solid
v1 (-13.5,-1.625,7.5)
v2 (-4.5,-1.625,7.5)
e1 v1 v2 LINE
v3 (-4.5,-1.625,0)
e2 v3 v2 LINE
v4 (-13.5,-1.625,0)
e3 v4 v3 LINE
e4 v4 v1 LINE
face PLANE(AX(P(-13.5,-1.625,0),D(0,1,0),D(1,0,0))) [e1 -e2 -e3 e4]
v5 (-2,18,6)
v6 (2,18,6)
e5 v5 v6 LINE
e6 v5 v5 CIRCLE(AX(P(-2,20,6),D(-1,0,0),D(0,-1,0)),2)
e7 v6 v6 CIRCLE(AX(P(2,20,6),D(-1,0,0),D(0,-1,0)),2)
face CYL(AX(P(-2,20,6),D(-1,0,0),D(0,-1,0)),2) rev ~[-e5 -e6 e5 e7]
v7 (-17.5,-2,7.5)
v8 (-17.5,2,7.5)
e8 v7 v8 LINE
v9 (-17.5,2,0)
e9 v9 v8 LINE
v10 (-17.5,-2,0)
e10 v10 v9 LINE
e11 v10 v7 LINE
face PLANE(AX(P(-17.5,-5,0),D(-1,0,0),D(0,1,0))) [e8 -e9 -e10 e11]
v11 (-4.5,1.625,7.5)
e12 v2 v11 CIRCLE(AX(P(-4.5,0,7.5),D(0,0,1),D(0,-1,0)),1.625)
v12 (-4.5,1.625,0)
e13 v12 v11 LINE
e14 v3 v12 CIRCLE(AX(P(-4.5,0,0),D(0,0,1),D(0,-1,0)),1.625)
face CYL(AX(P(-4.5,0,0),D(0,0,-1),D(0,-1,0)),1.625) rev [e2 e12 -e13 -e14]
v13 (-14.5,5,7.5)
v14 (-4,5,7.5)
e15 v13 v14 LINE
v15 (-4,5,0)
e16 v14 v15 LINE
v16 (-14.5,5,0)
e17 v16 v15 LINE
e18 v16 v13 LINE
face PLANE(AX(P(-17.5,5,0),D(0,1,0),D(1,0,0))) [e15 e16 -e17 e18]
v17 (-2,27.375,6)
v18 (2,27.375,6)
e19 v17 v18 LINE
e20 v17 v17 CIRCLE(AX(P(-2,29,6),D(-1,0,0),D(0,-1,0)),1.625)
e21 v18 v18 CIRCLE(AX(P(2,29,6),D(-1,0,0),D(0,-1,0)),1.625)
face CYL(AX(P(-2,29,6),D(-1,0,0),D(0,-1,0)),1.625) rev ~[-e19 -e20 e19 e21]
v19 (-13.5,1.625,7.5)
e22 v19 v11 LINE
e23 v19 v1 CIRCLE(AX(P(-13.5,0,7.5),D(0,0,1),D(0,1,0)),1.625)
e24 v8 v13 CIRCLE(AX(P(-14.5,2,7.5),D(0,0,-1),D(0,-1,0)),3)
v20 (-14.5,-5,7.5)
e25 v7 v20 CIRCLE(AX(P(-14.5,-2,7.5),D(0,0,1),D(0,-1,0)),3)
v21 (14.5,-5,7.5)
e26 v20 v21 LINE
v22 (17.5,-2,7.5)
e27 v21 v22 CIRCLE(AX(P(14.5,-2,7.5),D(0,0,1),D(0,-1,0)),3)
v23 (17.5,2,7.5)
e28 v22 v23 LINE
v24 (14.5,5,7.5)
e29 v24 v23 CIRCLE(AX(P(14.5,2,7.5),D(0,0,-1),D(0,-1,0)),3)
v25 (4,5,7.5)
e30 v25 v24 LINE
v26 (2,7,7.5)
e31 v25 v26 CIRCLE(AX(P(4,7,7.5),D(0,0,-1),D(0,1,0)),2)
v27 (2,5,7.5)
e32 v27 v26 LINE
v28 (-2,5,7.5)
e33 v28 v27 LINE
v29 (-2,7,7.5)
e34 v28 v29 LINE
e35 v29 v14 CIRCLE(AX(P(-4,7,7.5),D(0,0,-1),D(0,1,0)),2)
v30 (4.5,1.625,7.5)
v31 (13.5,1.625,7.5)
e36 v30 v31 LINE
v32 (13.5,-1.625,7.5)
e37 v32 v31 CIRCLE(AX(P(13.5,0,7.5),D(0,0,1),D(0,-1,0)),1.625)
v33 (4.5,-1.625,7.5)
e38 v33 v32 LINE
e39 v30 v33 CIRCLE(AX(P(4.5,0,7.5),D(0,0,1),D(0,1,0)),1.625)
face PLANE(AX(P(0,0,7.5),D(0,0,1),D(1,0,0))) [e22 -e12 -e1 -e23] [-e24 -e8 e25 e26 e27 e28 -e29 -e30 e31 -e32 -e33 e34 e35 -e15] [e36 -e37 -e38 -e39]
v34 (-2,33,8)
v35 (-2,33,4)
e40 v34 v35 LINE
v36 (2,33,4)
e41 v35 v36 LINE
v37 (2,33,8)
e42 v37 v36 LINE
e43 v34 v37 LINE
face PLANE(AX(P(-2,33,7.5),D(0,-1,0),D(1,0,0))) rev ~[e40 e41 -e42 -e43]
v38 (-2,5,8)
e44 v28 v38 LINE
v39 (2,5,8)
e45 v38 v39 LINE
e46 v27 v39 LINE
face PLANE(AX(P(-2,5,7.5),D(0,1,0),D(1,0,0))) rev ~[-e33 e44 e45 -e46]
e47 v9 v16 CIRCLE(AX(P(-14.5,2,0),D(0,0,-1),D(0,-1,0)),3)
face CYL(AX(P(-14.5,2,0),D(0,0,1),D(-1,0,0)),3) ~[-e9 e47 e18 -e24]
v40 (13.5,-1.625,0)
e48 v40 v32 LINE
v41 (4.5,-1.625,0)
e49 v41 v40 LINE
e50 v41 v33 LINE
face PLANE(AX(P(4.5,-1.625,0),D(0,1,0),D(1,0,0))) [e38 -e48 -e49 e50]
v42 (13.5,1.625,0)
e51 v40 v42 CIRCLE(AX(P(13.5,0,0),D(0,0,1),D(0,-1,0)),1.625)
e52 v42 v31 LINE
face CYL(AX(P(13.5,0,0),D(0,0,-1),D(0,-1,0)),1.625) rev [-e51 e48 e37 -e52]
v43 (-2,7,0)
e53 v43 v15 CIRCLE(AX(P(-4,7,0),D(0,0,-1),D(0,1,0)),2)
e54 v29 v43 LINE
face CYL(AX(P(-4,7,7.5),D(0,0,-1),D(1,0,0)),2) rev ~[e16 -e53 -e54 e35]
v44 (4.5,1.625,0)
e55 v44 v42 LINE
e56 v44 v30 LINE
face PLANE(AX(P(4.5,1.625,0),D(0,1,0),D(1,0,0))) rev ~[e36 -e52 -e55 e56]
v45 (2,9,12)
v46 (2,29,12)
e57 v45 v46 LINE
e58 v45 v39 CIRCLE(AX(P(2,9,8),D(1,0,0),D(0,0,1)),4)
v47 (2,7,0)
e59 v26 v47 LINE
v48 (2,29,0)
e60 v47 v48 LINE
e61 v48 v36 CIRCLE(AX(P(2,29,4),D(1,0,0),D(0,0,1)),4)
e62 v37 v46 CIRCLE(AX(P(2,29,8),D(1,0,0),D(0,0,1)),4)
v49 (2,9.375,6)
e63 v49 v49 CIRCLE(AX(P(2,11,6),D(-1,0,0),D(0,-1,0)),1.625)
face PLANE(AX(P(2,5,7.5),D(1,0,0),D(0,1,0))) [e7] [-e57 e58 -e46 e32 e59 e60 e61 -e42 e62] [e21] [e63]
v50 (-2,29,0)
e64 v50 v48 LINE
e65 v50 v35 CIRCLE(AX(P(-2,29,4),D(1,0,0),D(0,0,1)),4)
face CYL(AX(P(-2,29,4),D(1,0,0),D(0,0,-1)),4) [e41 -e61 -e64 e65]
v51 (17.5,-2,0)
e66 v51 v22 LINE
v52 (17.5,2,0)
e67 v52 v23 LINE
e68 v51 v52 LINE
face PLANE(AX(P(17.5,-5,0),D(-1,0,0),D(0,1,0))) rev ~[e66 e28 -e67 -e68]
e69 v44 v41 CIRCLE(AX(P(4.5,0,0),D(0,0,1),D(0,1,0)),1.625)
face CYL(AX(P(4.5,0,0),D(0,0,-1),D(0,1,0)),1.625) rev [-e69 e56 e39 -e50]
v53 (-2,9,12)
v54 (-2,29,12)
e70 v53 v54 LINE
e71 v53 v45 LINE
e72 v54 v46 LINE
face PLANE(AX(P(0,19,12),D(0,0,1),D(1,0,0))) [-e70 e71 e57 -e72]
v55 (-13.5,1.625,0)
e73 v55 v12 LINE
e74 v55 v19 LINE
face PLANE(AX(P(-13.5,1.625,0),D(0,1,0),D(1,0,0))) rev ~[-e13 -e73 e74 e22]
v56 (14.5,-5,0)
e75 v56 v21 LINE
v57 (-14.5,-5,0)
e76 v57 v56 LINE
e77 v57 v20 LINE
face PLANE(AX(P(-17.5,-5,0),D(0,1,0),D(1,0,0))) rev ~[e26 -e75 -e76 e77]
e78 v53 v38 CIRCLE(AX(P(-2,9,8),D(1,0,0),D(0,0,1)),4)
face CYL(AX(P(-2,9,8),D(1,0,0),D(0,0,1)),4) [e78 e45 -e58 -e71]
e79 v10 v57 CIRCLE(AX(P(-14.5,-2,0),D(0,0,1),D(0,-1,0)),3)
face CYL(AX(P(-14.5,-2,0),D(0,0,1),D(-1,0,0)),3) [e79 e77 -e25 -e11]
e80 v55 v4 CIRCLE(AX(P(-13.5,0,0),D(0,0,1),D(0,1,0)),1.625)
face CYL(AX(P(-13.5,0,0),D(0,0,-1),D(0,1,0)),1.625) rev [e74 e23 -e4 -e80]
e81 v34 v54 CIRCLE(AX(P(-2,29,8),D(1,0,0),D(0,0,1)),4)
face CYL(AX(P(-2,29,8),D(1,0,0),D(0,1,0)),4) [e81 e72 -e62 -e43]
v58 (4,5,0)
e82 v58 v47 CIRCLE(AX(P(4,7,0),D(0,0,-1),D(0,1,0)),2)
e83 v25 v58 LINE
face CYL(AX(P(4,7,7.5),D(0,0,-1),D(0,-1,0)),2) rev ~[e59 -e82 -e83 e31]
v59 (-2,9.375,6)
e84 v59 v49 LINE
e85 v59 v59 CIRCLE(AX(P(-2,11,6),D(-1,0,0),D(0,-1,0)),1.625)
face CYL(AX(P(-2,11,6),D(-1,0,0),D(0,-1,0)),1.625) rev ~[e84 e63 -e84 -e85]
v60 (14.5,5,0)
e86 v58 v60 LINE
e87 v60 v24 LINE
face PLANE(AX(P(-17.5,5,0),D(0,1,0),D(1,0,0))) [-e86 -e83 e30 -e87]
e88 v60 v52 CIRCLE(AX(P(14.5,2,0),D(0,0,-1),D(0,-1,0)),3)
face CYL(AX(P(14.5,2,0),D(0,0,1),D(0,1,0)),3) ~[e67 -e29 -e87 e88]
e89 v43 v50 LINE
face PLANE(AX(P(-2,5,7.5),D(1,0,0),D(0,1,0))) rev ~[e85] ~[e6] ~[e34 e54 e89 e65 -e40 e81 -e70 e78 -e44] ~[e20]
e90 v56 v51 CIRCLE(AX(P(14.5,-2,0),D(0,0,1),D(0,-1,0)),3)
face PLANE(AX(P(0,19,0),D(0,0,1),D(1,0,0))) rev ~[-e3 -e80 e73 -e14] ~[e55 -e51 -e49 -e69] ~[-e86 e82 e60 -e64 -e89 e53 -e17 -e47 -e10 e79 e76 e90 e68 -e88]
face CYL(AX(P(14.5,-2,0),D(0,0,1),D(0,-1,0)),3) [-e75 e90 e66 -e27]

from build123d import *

# Parameters (mm, degrees)
SKETCH_W          = 35
SKETCH_H          = 10
PAD_DEPTH         = 7.5
FILLET_R          = 3
SKETCH002_W       = 4
SKETCH002_H       = 28
PAD001_DEPTH      = 4.5
PAD001_DEPTH_BACK = 7.5
FILLET001_R       = 2
SKETCH003_R       = 1.625
SKETCH003_R_2     = 2
POCKET_DEPTH      = 19.501
FILLET002_R       = 4


with BuildPart() as part:
    # Sketch → Pad (new body)
    with BuildSketch(Plane.XY):
        Rectangle(SKETCH_W, SKETCH_H)
        with BuildLine():
            ThreePointArc((-13.5, 1.625), (-15.125, 0), (-13.5, -1.625))
            Line((-13.5, -1.625), (-4.5, -1.625))
            ThreePointArc((-4.5, -1.625), (-2.875, 0), (-4.5, 1.625))
            Line((-13.5, 1.625), (-4.5, 1.625))
        make_face(mode=Mode.SUBTRACT)
        with BuildLine():
            ThreePointArc((4.5, 1.625), (2.875, 0), (4.5, -1.625))
            Line((4.5, -1.625), (13.5, -1.625))
            ThreePointArc((13.5, -1.625), (15.125, 0), (13.5, 1.625))
            Line((4.5, 1.625), (13.5, 1.625))
        make_face(mode=Mode.SUBTRACT)
    extrude(amount=PAD_DEPTH)

    # Fillet
    fillet_edges = [part.edges().sort_by_distance(p)[0] for p in [
        (-17.5, 5, 3.75),
        (-17.5, -5, 3.75),
        (17.5, -5, 3.75),
        (17.5, 5, 3.75),
    ]]
    fillet(fillet_edges, radius=FILLET_R)

    # Sketch002 (on Face5 of Fillet) → Pad001 (join, two sides)
    with BuildSketch(Plane.XY.offset(7.5)) as pad001_sk:
        with Locations((0, 19)):
            Rectangle(SKETCH002_W, SKETCH002_H)
    extrude(amount=PAD001_DEPTH)
    extrude(pad001_sk.sketch, amount=-PAD001_DEPTH_BACK)

    # Fillet001
    fillet001_edges = [part.edges().sort_by_distance(p)[0] for p in [
        (2, 5, 3.75),
        (-2, 5, 3.75),
    ]]
    fillet(fillet001_edges, radius=FILLET001_R)

    # Sketch003 (on Face22 of Fillet001) → Pocket (cut, through all)
    with BuildSketch(Plane(origin=(-2, 0, 0), x_dir=(0, -1, 0), z_dir=(-1, 0, 0))):
        with Locations((-29, 6)):
            Circle(SKETCH003_R)
        with Locations((-11, 6)):
            Circle(SKETCH003_R)
        with Locations((-20, 6)):
            Circle(SKETCH003_R_2)
    extrude(amount=-POCKET_DEPTH, mode=Mode.SUBTRACT)

    # Fillet002
    fillet002_edges = [part.edges().sort_by_distance(p)[0] for p in [
        (0, 33, 0),
        (0, 33, 12),
        (0, 5, 12),
    ]]
    fillet(fillet002_edges, radius=FILLET002_R)


solid = part.part
